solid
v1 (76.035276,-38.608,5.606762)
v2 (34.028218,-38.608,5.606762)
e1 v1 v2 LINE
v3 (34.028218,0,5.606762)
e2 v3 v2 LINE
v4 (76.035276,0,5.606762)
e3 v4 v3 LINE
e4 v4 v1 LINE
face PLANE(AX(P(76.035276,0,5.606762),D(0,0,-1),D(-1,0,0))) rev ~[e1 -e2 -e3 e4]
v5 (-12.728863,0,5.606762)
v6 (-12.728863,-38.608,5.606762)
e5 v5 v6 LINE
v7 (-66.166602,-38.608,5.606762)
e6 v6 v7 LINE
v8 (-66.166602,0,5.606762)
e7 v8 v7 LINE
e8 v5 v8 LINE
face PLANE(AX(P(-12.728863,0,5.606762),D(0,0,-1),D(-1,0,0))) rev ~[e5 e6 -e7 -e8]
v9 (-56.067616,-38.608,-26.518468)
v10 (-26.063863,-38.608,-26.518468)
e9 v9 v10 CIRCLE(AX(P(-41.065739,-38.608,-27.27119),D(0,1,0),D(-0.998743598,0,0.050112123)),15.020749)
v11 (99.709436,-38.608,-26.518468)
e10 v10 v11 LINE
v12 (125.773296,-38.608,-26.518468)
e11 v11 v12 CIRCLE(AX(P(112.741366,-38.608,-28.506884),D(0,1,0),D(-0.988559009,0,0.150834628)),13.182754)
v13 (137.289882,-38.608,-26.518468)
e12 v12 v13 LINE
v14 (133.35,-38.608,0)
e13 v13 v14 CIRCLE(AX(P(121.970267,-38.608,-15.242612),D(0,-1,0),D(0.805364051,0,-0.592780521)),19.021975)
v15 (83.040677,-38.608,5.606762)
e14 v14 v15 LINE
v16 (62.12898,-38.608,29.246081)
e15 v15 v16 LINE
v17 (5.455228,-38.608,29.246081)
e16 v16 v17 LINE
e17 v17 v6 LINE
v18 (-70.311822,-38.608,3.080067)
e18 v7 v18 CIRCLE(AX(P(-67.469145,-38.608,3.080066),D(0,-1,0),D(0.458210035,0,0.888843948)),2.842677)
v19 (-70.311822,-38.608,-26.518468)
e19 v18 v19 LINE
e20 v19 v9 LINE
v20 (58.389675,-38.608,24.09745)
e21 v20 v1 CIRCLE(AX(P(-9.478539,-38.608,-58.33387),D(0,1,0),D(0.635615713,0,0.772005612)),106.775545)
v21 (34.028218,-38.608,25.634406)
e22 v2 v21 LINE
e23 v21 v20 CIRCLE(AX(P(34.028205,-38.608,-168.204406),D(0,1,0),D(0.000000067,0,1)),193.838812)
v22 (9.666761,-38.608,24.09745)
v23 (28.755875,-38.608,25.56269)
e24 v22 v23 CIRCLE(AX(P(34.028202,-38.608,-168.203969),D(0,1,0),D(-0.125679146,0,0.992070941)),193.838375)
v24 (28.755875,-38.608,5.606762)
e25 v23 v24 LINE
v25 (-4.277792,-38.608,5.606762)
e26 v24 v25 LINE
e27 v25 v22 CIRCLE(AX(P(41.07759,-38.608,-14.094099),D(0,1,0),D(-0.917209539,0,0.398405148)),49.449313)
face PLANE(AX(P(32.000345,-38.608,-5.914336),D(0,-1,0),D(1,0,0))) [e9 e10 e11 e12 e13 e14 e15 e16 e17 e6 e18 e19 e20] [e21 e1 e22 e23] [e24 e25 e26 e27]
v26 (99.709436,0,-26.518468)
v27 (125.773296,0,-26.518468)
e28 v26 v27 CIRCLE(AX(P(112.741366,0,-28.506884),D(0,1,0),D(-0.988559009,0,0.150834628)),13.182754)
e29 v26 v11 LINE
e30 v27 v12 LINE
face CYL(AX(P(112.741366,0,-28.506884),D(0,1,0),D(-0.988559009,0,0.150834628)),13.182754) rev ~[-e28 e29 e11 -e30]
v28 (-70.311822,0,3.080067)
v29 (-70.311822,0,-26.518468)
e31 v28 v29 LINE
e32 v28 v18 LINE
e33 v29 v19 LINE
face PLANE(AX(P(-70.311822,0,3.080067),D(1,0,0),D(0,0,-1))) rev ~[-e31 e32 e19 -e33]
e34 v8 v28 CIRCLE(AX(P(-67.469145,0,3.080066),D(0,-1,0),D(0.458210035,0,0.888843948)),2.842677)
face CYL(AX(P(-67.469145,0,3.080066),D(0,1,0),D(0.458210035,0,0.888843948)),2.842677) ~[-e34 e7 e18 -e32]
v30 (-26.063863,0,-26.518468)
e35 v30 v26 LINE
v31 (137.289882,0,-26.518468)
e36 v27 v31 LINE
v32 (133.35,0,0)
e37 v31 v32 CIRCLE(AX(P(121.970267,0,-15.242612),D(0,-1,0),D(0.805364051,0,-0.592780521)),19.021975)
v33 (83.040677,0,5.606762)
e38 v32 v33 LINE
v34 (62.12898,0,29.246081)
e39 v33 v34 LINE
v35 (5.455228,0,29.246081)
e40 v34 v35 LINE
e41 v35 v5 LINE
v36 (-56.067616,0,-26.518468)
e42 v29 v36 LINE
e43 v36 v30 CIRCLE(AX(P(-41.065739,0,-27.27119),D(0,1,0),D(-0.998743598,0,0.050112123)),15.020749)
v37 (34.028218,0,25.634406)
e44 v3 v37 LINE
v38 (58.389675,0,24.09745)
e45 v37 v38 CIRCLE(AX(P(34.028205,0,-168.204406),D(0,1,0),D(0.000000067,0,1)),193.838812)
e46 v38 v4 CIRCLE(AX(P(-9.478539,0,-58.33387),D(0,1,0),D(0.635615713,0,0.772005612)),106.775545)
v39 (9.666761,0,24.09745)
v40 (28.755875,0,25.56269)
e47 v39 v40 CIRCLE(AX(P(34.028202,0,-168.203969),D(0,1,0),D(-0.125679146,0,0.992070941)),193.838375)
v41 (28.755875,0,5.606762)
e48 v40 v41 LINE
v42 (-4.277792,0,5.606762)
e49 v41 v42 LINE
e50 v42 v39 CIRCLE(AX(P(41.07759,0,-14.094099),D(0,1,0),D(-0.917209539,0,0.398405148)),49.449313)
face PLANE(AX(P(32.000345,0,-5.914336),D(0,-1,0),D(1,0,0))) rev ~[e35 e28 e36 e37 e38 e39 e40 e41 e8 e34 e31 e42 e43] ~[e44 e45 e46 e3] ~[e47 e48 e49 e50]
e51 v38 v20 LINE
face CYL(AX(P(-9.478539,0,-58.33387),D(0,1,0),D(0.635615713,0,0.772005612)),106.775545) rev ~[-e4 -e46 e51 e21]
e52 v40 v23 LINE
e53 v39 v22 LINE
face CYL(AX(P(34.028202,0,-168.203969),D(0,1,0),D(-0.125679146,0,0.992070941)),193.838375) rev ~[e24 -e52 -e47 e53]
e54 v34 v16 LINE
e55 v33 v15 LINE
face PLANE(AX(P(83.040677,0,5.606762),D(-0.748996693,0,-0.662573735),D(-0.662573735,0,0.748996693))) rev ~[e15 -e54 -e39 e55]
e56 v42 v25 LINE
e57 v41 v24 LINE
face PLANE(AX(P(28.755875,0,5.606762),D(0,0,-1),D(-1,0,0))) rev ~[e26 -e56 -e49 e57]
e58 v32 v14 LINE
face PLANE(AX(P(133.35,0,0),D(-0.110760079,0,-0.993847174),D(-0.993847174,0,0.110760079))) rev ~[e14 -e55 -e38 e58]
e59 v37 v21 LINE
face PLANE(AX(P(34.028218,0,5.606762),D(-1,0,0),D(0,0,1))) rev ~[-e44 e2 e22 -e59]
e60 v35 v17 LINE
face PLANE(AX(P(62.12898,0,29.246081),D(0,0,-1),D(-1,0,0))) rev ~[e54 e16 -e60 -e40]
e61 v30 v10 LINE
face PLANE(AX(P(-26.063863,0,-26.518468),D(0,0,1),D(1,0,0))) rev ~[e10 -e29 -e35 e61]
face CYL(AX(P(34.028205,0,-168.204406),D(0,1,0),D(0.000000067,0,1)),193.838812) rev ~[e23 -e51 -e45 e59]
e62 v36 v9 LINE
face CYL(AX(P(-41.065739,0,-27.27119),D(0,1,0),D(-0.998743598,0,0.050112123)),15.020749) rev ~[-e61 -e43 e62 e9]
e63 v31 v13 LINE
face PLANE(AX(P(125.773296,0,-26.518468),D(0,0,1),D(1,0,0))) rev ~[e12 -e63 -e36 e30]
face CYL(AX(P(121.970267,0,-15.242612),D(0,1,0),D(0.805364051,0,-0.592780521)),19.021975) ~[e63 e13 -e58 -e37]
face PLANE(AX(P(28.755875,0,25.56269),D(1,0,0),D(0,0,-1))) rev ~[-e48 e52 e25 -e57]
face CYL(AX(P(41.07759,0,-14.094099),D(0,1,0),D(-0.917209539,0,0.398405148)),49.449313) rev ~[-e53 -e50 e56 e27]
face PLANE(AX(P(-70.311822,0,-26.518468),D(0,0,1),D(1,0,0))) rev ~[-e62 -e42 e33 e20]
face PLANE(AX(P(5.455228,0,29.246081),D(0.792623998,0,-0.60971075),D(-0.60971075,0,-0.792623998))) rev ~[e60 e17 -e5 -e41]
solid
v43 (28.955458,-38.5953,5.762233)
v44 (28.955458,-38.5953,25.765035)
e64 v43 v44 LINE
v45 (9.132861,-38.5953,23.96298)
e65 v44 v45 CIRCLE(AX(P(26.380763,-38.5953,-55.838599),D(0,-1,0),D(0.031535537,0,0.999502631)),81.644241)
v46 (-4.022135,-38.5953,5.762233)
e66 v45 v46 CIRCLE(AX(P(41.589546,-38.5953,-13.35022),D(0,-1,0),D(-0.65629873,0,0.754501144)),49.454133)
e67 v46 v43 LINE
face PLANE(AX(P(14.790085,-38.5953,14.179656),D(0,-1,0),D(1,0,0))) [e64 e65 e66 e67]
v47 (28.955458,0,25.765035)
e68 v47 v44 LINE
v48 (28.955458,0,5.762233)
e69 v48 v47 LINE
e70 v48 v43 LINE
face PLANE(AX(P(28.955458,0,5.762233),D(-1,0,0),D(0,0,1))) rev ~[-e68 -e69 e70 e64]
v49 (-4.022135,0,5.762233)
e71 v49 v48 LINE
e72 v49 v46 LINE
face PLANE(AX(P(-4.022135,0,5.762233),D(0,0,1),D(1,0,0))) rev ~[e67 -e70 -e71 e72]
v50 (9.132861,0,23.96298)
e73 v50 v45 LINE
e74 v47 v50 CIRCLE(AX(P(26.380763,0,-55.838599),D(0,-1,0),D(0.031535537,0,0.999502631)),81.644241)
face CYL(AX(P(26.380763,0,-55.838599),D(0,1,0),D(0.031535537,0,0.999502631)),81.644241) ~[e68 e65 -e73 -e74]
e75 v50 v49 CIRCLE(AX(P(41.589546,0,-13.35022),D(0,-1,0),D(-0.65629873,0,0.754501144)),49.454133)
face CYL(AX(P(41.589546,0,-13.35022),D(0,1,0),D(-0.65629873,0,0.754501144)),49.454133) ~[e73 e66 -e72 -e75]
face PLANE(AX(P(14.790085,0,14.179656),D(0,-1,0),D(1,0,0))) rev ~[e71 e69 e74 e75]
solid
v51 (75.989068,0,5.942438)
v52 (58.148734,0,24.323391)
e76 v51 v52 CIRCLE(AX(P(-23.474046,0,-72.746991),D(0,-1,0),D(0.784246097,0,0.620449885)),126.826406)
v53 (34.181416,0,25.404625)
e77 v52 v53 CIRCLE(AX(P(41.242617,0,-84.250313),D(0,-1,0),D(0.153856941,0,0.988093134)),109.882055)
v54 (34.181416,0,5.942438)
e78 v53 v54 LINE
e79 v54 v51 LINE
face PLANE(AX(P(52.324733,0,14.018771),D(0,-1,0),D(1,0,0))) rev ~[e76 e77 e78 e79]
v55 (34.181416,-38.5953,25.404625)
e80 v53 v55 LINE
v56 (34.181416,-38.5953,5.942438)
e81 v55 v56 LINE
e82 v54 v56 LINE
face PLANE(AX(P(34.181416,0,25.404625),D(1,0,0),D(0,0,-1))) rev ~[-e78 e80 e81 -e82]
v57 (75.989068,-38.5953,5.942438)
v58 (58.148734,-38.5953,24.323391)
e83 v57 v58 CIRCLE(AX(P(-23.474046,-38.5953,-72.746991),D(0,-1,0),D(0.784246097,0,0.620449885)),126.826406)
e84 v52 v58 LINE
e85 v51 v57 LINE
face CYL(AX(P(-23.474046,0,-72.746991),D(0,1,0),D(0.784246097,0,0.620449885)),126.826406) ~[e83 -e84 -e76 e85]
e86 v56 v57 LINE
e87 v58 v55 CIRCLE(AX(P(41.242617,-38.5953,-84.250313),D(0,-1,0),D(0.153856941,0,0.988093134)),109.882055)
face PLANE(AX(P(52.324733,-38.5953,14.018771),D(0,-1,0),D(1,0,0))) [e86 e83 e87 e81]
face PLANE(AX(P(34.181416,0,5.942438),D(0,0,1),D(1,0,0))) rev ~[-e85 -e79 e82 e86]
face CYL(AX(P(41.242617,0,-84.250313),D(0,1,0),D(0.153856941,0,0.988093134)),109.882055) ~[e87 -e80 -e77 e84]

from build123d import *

# Parameters (mm, degrees)
F1_DEPTH = 38.608
F3_DEPTH = 38.5953


with BuildPart() as f1:
    # F0 (on Front) → F1 (new body)
    with BuildSketch(Plane.XZ):
        with BuildLine():
            Line((5.455228, 29.246081), (-12.728863, 5.606762))
            Line((-12.728863, 5.606762), (-66.166602, 5.606762))
            ThreePointArc((-66.166602, 5.606762), (-68.948689, 5.507361), (-70.311822, 3.080067))
            Line((-70.311822, 3.080067), (-70.311822, -26.518468))
            Line((-70.311822, -26.518468), (-56.067616, -26.518468))
            ThreePointArc((-56.067616, -26.518468), (-41.065739, -12.250441), (-26.063863, -26.518468))
            Line((-26.063863, -26.518468), (99.709436, -26.518468))
            ThreePointArc((99.709436, -26.518468), (112.741366, -15.32413), (125.773296, -26.518468))
            Line((125.773296, -26.518468), (137.289882, -26.518468))
            ThreePointArc((137.289882, -26.518468), (140.785715, -12.447177), (133.35, 0))
            Line((133.35, 0), (83.040677, 5.606762))
            Line((83.040677, 5.606762), (62.12898, 29.246081))
            Line((62.12898, 29.246081), (5.455228, 29.246081))
        make_face()
        with BuildLine():
            ThreePointArc((-4.277792, 5.606762), (1.596719, 15.679974), (9.666761, 24.09745))
            ThreePointArc((9.666761, 24.09745), (19.193217, 25.065891), (28.755875, 25.56269))
            Line((28.755875, 25.56269), (28.755875, 5.606762))
            Line((28.755875, 5.606762), (-4.277792, 5.606762))
        make_face(mode=Mode.SUBTRACT)
        with BuildLine():
            ThreePointArc((58.389675, 24.09745), (67.767743, 15.381996), (76.035276, 5.606762))
            Line((76.035276, 5.606762), (34.028218, 5.606762))
            Line((34.028218, 5.606762), (34.028218, 25.634406))
            ThreePointArc((34.028218, 25.634406), (46.233164, 25.249785), (58.389675, 24.09745))
        make_face(mode=Mode.SUBTRACT)
    extrude(amount=F1_DEPTH)


with BuildPart() as f3:
    # F2 (on Front) → F3 (new body)
    with BuildSketch(Plane.XZ):
        with BuildLine():
            Line((34.181416, 5.942438), (75.989068, 5.942438))
            ThreePointArc((75.989068, 5.942438), (67.534141, 15.584471), (58.148734, 24.323391))
            ThreePointArc((58.148734, 24.323391), (46.194673, 25.520098), (34.181416, 25.404625))
            Line((34.181416, 25.404625), (34.181416, 5.942438))
        make_face()
        with BuildLine():
            Line((28.955458, 5.762233), (28.955458, 25.765035))
            ThreePointArc((28.955458, 25.765035), (18.989038, 25.470346), (9.132861, 23.96298))
            ThreePointArc((9.132861, 23.96298), (1.508575, 15.619196), (-4.022135, 5.762233))
            Line((-4.022135, 5.762233), (28.955458, 5.762233))
        make_face()
    extrude(amount=F3_DEPTH)


solid = Compound([f1.part, f3.part])
